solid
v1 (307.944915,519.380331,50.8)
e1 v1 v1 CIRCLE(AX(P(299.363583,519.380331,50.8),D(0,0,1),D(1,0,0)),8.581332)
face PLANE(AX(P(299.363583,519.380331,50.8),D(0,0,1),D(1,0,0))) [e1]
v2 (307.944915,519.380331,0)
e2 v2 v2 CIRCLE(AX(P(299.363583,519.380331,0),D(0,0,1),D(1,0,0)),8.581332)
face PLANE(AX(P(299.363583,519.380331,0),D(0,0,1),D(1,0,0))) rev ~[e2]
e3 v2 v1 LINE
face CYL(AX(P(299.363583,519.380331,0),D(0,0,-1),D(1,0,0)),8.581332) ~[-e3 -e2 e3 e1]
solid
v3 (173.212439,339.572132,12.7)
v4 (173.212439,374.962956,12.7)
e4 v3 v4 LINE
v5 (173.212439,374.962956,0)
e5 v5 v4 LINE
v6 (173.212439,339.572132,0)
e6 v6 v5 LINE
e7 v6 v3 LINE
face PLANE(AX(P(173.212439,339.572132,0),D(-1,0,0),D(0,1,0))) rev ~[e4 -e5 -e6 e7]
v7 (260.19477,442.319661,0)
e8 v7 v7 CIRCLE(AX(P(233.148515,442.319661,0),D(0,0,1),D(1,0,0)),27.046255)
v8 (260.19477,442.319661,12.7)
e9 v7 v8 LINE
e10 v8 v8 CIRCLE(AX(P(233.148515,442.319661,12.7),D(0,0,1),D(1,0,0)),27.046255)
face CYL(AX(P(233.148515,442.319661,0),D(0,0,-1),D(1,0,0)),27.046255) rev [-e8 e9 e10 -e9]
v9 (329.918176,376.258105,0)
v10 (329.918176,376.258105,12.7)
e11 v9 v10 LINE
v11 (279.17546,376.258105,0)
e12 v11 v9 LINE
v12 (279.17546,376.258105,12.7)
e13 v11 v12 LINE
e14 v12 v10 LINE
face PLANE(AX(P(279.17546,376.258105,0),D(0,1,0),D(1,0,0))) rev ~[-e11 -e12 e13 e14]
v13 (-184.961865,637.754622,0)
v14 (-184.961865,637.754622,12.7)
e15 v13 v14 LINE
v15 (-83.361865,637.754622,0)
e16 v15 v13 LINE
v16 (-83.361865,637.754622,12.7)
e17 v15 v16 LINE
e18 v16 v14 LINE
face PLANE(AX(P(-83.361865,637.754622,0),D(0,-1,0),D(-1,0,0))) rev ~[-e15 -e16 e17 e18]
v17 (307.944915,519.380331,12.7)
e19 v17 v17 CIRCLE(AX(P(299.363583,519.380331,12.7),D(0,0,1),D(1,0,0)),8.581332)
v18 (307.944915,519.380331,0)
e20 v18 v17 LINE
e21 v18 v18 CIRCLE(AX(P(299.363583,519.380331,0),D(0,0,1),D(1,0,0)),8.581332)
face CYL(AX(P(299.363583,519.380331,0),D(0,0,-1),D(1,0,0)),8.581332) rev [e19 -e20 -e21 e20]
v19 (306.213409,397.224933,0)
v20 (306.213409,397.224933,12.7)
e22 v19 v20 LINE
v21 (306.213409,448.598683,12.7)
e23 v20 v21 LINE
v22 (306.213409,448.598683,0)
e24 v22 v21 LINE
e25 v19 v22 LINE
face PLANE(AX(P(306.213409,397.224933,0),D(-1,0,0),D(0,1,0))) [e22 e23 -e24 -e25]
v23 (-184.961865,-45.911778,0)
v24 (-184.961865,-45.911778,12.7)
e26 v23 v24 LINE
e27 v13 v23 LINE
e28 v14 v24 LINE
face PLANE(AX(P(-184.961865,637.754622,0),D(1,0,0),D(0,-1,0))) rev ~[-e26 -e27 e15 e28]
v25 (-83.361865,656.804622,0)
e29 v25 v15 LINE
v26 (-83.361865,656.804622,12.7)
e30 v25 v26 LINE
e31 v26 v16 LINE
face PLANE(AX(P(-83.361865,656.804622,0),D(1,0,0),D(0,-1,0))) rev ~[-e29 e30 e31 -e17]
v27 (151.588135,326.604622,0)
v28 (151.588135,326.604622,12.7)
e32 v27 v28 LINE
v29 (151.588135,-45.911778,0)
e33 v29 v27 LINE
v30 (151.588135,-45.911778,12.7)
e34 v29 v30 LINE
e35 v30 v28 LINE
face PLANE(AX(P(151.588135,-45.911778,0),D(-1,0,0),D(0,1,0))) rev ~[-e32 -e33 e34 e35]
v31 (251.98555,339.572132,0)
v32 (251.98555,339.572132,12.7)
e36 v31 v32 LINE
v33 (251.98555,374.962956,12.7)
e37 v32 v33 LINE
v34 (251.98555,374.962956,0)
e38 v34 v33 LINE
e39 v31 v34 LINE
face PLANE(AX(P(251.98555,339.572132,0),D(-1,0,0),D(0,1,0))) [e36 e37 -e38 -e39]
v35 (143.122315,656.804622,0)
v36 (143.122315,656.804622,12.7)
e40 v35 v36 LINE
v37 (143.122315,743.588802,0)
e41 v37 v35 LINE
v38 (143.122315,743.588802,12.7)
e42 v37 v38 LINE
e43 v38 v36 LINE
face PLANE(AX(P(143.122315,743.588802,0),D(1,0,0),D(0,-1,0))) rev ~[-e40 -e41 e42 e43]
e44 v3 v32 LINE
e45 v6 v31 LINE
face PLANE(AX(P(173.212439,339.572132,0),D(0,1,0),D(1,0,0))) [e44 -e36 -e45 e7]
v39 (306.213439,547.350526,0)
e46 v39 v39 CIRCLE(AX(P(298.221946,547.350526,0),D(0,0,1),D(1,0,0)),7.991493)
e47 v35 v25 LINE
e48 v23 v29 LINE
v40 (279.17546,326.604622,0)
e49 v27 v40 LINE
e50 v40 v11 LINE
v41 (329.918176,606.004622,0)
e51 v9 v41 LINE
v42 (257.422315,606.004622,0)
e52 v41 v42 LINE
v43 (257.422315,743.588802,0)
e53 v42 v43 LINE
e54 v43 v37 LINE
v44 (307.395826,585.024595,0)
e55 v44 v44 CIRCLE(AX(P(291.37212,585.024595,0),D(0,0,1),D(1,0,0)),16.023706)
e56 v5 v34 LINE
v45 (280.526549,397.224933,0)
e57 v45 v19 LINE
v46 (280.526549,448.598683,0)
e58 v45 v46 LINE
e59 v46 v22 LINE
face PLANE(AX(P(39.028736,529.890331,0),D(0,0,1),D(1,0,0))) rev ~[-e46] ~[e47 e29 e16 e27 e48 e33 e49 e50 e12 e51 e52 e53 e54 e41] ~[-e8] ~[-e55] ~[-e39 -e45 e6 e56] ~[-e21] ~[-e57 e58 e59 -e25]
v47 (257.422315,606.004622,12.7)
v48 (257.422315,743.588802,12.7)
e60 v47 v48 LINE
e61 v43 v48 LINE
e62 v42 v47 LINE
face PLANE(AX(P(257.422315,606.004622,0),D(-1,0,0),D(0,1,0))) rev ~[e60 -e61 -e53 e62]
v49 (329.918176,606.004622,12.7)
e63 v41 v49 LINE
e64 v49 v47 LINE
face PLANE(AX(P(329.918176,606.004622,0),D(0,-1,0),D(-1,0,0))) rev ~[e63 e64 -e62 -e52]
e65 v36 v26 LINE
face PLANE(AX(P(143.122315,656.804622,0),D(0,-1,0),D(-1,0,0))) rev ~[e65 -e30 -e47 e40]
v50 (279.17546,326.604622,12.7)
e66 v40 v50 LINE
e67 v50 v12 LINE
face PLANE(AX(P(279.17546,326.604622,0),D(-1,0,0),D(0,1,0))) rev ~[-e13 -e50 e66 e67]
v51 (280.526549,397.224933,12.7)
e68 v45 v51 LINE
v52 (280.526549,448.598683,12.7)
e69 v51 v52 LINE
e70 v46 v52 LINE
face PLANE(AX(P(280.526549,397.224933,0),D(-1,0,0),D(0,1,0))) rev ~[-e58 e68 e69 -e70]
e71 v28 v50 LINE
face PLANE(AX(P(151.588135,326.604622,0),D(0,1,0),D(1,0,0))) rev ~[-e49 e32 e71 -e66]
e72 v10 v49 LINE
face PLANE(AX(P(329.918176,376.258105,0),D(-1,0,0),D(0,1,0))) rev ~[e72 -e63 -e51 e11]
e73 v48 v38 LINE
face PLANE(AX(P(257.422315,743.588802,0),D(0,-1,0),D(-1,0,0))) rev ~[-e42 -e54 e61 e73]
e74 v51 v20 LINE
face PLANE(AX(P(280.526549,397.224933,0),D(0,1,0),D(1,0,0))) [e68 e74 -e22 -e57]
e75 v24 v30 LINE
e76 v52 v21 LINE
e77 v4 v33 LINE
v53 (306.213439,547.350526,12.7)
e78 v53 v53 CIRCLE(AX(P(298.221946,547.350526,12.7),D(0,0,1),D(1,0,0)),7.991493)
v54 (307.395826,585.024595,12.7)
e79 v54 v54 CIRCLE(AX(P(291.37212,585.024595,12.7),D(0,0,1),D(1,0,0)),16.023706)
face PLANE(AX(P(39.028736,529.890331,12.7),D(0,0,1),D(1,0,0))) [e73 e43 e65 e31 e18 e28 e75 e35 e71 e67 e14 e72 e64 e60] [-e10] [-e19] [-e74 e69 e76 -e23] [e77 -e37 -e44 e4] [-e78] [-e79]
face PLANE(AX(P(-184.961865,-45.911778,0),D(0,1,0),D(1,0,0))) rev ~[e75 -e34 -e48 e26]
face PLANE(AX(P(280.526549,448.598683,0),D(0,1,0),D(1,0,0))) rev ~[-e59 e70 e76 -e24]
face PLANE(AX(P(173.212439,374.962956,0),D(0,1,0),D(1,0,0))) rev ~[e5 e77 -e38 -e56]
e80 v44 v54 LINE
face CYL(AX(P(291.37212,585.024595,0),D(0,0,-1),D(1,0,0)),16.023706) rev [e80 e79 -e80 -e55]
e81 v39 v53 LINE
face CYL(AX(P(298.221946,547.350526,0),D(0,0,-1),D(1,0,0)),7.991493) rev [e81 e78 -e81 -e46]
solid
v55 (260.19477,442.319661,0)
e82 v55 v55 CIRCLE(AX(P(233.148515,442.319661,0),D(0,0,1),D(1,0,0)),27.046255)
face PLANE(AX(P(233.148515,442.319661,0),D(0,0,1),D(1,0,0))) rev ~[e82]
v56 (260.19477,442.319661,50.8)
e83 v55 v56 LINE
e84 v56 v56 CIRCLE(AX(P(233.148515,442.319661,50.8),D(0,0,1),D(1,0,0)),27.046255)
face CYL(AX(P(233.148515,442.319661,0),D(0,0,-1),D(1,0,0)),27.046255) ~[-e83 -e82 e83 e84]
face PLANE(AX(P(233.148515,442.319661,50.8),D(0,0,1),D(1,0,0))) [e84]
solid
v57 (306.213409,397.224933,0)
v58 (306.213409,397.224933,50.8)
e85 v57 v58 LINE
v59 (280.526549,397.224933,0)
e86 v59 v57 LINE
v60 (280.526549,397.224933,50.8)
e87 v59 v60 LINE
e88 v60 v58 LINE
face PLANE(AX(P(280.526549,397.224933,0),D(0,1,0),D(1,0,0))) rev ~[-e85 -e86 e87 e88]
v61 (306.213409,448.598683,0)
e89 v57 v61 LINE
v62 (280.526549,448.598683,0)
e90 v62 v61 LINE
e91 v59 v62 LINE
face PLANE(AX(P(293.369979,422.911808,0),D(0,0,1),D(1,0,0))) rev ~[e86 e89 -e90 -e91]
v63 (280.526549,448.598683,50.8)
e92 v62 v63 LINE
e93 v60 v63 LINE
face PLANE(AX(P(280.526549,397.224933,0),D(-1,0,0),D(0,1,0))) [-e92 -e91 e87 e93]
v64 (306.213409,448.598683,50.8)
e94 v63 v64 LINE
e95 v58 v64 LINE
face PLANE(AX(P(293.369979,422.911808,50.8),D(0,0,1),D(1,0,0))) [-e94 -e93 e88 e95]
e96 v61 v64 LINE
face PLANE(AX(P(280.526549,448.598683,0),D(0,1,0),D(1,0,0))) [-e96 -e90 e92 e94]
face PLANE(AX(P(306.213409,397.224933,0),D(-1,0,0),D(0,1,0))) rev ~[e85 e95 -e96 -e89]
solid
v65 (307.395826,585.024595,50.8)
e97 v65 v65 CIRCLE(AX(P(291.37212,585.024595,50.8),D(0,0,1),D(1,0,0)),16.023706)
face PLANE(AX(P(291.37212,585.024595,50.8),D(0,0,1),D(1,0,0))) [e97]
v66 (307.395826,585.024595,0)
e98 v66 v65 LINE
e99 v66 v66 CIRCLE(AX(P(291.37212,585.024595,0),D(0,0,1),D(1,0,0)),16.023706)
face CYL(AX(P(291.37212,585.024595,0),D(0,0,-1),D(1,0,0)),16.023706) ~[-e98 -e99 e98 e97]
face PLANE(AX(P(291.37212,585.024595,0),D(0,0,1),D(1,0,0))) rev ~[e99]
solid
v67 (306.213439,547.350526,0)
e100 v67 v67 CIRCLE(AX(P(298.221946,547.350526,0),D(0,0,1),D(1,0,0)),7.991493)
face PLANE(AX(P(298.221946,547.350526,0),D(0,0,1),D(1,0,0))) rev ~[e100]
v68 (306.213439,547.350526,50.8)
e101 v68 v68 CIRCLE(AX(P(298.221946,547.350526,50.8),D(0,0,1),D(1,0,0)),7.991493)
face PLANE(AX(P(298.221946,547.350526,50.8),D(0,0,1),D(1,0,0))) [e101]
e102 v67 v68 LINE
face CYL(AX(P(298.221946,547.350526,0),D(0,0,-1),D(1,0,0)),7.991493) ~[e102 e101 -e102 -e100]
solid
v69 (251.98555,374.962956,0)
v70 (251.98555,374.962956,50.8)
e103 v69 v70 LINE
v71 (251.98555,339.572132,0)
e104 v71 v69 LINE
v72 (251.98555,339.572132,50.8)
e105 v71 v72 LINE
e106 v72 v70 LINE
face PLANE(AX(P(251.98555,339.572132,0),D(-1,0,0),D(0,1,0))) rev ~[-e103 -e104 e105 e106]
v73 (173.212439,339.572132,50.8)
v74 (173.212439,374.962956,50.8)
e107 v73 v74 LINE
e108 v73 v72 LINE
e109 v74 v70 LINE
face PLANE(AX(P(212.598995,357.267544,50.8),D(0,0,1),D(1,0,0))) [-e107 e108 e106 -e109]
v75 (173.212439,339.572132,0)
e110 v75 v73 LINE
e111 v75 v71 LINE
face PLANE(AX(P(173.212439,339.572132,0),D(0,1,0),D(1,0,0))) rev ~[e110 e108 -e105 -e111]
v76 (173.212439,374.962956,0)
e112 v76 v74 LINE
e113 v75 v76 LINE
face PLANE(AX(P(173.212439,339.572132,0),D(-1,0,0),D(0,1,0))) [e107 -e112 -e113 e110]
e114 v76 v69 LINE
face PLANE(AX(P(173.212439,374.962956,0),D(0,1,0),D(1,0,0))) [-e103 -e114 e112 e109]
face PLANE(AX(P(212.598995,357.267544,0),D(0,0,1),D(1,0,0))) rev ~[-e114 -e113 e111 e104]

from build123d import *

# Parameters (mm, degrees)
F0_R     = 27.046255
F1_DEPTH = 50.8
F0_W     = 25.68686
F0_H     = 51.37375
F2_DEPTH = 50.8
F0_W_2   = 78.773111
F0_H_2   = 35.390824
F3_DEPTH = 50.8
F0_R_2   = 8.581332
F0_R_3   = 16.023706
F0_R_4   = 7.991493
F4_DEPTH = 50.8
F0_W_3   = 336.55
F0_H_3   = 372.5164
F5_DEPTH = 12.7


with BuildPart() as f1:
    # F0 (on Top) → F1 (new body)
    with BuildSketch(Plane.XY):
        with Locations((233.148515, 442.319661)):
            Circle(F0_R)
    extrude(amount=F1_DEPTH)


with BuildPart() as f2:
    # F0 (on Top) → F2 (new body)
    with BuildSketch(Plane.XY):
        with Locations((293.369979, 422.911808)):
            Rectangle(F0_W, F0_H)
    extrude(amount=F2_DEPTH)


with BuildPart() as f3:
    # F0 (on Top) → F3 (new body)
    with BuildSketch(Plane.XY):
        with Locations((212.598995, 357.267544)):
            Rectangle(F0_W_2, F0_H_2)
    extrude(amount=F3_DEPTH)


with BuildPart() as f4:
    # F0 (on Top) → F4 (new body)
    with BuildSketch(Plane.XY):
        with Locations((299.363583, 519.380331)):
            Circle(F0_R_2)
        with Locations((291.37212, 585.024595)):
            Circle(F0_R_3)
        with Locations((298.221946, 547.350526)):
            Circle(F0_R_4)
    extrude(amount=F4_DEPTH)


with BuildPart() as f5:
    # F0 (on Top) → F5 (new body)
    with BuildSketch(Plane.XY):
        Polygon((-184.961865, 326.604622), (151.588135, 326.604622), (151.588135, 381.638802), (270.769119, 606.004622), (257.422315, 606.004622), (257.422315, 743.588802), (143.122315, 743.588802), (143.122315, 656.804622), (-60.077685, 656.804622), (-83.361865, 656.804622), (-83.361865, 637.754622), (-184.961865, 637.754622), align=None)
        with Locations((-16.686865, 140.346422)):
            Rectangle(F0_W_3, F0_H_3)
        Polygon((151.588135, 381.638802), (151.588135, 326.604622), (279.17546, 326.604622), (279.17546, 376.258105), (329.918176, 376.258105), (329.918176, 606.004622), (270.769119, 606.004622), align=None)
        with Locations((212.598995, 357.267544)):
            Rectangle(F0_W_2, F0_H_2, mode=Mode.SUBTRACT)
        with Locations((233.148515, 442.319661)):
            Circle(F0_R, mode=Mode.SUBTRACT)
        with Locations((293.369979, 422.911808)):
            Rectangle(F0_W, F0_H, mode=Mode.SUBTRACT)
        with Locations((299.363583, 519.380331)):
            Circle(F0_R_2, mode=Mode.SUBTRACT)
        with Locations((291.37212, 585.024595)):
            Circle(F0_R_3, mode=Mode.SUBTRACT)
        with Locations((298.221946, 547.350526)):
            Circle(F0_R_4, mode=Mode.SUBTRACT)
    extrude(amount=F5_DEPTH)


solid = Compound([f1.part, f2.part, f3.part, f4.part, f5.part])
